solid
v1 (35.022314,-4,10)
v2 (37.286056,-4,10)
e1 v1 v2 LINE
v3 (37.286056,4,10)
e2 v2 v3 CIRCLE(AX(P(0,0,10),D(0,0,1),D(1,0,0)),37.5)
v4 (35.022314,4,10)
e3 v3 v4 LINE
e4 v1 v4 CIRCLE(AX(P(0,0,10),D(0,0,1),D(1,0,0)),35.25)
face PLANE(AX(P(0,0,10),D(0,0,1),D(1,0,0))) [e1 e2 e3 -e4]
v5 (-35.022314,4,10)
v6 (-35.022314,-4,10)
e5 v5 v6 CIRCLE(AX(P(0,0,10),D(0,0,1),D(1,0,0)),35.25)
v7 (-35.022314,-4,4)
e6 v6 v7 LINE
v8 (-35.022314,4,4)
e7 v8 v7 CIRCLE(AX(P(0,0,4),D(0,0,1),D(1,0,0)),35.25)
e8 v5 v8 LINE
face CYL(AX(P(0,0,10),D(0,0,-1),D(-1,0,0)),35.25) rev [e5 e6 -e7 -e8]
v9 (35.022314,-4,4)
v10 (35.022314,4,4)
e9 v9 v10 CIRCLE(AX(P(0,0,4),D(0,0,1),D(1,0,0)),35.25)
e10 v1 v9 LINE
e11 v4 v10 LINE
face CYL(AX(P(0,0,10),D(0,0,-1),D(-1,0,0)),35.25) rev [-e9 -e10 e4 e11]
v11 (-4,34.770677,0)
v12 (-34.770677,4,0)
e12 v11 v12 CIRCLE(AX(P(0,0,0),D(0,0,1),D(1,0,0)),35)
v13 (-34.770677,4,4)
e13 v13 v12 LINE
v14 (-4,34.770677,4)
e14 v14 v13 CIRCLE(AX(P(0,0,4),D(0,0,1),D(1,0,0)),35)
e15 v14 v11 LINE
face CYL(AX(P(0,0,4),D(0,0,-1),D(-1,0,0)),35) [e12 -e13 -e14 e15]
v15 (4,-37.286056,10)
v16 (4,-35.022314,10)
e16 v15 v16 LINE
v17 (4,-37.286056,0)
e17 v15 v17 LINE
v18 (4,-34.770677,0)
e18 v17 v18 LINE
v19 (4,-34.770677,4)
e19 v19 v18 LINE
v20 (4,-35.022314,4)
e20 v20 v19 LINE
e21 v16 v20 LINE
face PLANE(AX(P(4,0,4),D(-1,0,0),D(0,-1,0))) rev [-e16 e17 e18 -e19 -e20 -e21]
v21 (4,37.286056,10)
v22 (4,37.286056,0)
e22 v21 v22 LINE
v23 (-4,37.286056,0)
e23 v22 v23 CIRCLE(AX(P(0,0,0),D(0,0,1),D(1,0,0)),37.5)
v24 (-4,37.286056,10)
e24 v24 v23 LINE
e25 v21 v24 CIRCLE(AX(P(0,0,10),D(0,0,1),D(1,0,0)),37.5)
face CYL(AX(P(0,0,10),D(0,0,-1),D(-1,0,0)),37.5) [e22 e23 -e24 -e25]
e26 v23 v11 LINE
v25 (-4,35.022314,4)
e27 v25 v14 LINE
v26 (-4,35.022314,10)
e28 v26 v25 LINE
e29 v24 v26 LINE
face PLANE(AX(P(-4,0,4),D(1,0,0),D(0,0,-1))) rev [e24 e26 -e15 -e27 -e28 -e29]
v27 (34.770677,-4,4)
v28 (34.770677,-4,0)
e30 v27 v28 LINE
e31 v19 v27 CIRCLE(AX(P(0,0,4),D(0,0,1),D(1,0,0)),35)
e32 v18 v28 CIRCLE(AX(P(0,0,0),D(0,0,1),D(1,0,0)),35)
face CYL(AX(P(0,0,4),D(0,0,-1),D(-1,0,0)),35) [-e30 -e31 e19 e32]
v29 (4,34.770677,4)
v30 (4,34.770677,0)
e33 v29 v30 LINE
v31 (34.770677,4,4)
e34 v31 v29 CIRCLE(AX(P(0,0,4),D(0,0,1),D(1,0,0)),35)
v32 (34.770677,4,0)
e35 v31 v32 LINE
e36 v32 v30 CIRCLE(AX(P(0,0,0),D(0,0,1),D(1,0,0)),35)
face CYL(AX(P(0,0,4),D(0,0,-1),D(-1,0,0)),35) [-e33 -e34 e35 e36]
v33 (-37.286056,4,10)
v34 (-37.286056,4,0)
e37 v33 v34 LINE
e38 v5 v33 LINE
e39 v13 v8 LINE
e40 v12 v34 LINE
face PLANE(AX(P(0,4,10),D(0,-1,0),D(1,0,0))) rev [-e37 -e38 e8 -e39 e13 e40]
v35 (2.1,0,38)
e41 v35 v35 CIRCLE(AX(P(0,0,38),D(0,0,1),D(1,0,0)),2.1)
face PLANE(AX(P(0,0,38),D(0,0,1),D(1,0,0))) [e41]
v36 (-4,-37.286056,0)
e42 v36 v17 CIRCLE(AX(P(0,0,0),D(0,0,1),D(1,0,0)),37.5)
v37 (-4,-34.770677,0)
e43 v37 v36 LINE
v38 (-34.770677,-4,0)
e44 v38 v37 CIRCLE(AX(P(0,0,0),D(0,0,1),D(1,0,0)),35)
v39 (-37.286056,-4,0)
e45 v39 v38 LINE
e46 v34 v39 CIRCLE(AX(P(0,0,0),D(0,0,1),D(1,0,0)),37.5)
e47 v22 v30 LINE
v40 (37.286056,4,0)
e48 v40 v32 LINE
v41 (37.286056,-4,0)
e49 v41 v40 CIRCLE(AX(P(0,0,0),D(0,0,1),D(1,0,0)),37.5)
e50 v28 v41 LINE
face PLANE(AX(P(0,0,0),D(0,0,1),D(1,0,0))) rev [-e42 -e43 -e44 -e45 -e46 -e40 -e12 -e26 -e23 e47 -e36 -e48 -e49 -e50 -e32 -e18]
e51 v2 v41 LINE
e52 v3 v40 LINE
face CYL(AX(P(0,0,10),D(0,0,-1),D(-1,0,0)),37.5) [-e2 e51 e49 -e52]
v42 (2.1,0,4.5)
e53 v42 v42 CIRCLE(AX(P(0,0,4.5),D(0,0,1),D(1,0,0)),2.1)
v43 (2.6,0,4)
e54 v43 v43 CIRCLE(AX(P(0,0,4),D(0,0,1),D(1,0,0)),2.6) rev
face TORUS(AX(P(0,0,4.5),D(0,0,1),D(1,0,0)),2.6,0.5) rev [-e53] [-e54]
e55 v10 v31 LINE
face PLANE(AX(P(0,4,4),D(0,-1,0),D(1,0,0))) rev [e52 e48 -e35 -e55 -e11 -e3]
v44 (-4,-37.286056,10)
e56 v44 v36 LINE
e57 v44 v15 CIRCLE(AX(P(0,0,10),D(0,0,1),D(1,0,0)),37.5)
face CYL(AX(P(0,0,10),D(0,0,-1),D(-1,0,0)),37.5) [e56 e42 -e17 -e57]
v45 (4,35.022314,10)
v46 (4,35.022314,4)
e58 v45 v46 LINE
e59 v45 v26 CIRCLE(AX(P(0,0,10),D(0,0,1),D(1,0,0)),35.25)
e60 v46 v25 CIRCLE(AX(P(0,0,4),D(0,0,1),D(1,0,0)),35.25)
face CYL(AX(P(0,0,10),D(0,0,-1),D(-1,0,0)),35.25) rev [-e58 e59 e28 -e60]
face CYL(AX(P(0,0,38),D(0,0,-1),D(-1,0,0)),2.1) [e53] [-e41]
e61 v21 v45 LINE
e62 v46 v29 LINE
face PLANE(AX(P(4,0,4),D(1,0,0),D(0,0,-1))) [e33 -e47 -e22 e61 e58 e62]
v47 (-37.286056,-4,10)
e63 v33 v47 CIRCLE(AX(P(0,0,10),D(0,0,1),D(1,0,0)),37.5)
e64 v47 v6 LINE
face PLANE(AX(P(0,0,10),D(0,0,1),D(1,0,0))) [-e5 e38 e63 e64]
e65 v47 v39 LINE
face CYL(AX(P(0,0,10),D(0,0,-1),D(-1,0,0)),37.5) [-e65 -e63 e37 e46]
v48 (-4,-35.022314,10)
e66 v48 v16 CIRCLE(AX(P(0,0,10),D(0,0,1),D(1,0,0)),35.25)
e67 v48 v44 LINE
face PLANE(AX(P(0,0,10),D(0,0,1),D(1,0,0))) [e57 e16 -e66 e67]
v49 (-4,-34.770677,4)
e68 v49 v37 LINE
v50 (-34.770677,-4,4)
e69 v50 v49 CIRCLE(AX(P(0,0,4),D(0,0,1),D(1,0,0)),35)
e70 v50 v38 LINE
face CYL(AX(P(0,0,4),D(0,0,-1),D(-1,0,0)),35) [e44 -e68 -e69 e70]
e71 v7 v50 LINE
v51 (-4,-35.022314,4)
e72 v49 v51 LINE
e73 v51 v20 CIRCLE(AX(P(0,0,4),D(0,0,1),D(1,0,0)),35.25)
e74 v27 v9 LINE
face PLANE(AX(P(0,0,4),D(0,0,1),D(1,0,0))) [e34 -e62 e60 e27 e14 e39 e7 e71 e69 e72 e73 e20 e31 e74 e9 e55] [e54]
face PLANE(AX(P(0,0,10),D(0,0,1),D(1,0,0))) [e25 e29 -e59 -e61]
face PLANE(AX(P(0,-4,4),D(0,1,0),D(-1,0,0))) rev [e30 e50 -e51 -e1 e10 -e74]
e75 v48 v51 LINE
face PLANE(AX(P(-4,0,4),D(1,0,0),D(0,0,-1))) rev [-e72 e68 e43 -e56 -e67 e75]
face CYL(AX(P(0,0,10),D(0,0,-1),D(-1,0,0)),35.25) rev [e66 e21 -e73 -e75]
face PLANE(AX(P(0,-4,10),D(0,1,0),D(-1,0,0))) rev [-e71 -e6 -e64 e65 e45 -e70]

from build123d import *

# Parameters (mm, degrees)
BOSS_EXTRUDE1_DEPTH   = 10
BOSS_EXTRUDE1_2_DEPTH = 10
BOSS_EXTRUDE1_3_DEPTH = 10
BOSS_EXTRUDE1_4_DEPTH = 10
BOSS_EXTRUDE2_DEPTH   = 4
SKETCH3_R             = 2.1
BOSS_EXTRUDE3_DEPTH   = 34
FILLET1_R             = 0.5


with BuildPart() as part:
    # Sketch1 → Boss-Extrude1 (new body)
    with BuildSketch(Plane.XY):
        with BuildLine():
            ThreePointArc((37.286056375, -4), (37.5, 0), (37.286056375, 4))
            Line((37.286056375, 4), (35.022314315, 4))
            ThreePointArc((35.022314315, 4), (35.25, 0), (35.022314315, -4))
            Line((35.022314315, -4), (37.286056375, -4))
        make_face()
    extrude(amount=BOSS_EXTRUDE1_DEPTH)



with BuildPart() as body_2:
    # Sketch1 → Boss-Extrude1 2 (new body)
    with BuildSketch(Plane.XY):
        with BuildLine():
            ThreePointArc((-4, 35.022314315), (0, 35.25), (4, 35.022314315))
            Line((4, 35.022314315), (4, 37.286056375))
            ThreePointArc((4, 37.286056375), (0, 37.5), (-4, 37.286056375))
            Line((-4, 37.286056375), (-4, 35.022314315))
        make_face()
    extrude(amount=BOSS_EXTRUDE1_2_DEPTH)


with BuildPart() as body_3:
    # Sketch1 → Boss-Extrude1 3 (new body)
    with BuildSketch(Plane.XY):
        with BuildLine():
            Line((4, -37.286056375), (4, -35.022314315))
            ThreePointArc((4, -35.022314315), (0, -35.25), (-4, -35.022314315))
            Line((-4, -35.022314315), (-4, -37.286056375))
            ThreePointArc((-4, -37.286056375), (0, -37.5), (4, -37.286056375))
        make_face()
    extrude(amount=BOSS_EXTRUDE1_3_DEPTH)


with BuildPart() as body_4:
    # Sketch1 → Boss-Extrude1 4 (new body)
    with BuildSketch(Plane.XY):
        with BuildLine():
            ThreePointArc((-35.022314315, -4), (-35.25, 0), (-35.022314315, 4))
            Line((-35.022314315, 4), (-37.286056375, 4))
            ThreePointArc((-37.286056375, 4), (-37.5, 0), (-37.286056375, -4))
            Line((-37.286056375, -4), (-35.022314315, -4))
        make_face()
    extrude(amount=BOSS_EXTRUDE1_4_DEPTH)


with BuildPart() as part_1:
    add(part.part)

    add(body_2.part)  # Boss-Extrude2 merges body 2

    add(body_3.part)  # Boss-Extrude2 merges body 3

    add(body_4.part)  # Boss-Extrude2 merges body 4
    # Sketch1<3> → Boss-Extrude2 (add)
    with BuildSketch(Plane.XY):
        with BuildLine():
            ThreePointArc((35.022314315, -4), (35.25, 0), (35.022314315, 4))
            Line((35.022314315, 4), (34.770677301, 4))
            ThreePointArc((34.770677301, 4), (24.748737342, 24.748737342), (4, 34.770677301))
            Line((4, 34.770677301), (4, 35.022314315))
            ThreePointArc((4, 35.022314315), (0, 35.25), (-4, 35.022314315))
            Line((-4, 35.022314315), (-4, 34.770677301))
            ThreePointArc((-4, 34.770677301), (-24.748737342, 24.748737342), (-34.770677301, 4))
            Line((-34.770677301, 4), (-35.022314315, 4))
            ThreePointArc((-35.022314315, 4), (-35.25, 0), (-35.022314315, -4))
            Line((-35.022314315, -4), (-34.770677301, -4))
            ThreePointArc((-34.770677301, -4), (-24.748737342, -24.748737342), (-4, -34.770677301))
            Line((-4, -34.770677301), (-4, -35.022314315))
            ThreePointArc((-4, -35.022314315), (0, -35.25), (4, -35.022314315))
            Line((4, -35.022314315), (4, -34.770677301))
            ThreePointArc((4, -34.770677301), (24.748737342, -24.748737342), (34.770677301, -4))
            Line((34.770677301, -4), (35.022314315, -4))
        make_face()
    extrude(amount=BOSS_EXTRUDE2_DEPTH)

    # Sketch3 → Boss-Extrude3 (add)
    with BuildSketch(Plane.XY.offset(4)):
        Circle(SKETCH3_R)
    extrude(amount=BOSS_EXTRUDE3_DEPTH)

    # Fillet1
    fillet1_edges = [part_1.edges().sort_by_distance(p)[0] for p in [
        (-2.1, 0, 4),
    ]]
    fillet(fillet1_edges, radius=FILLET1_R)


solid = part_1.part
